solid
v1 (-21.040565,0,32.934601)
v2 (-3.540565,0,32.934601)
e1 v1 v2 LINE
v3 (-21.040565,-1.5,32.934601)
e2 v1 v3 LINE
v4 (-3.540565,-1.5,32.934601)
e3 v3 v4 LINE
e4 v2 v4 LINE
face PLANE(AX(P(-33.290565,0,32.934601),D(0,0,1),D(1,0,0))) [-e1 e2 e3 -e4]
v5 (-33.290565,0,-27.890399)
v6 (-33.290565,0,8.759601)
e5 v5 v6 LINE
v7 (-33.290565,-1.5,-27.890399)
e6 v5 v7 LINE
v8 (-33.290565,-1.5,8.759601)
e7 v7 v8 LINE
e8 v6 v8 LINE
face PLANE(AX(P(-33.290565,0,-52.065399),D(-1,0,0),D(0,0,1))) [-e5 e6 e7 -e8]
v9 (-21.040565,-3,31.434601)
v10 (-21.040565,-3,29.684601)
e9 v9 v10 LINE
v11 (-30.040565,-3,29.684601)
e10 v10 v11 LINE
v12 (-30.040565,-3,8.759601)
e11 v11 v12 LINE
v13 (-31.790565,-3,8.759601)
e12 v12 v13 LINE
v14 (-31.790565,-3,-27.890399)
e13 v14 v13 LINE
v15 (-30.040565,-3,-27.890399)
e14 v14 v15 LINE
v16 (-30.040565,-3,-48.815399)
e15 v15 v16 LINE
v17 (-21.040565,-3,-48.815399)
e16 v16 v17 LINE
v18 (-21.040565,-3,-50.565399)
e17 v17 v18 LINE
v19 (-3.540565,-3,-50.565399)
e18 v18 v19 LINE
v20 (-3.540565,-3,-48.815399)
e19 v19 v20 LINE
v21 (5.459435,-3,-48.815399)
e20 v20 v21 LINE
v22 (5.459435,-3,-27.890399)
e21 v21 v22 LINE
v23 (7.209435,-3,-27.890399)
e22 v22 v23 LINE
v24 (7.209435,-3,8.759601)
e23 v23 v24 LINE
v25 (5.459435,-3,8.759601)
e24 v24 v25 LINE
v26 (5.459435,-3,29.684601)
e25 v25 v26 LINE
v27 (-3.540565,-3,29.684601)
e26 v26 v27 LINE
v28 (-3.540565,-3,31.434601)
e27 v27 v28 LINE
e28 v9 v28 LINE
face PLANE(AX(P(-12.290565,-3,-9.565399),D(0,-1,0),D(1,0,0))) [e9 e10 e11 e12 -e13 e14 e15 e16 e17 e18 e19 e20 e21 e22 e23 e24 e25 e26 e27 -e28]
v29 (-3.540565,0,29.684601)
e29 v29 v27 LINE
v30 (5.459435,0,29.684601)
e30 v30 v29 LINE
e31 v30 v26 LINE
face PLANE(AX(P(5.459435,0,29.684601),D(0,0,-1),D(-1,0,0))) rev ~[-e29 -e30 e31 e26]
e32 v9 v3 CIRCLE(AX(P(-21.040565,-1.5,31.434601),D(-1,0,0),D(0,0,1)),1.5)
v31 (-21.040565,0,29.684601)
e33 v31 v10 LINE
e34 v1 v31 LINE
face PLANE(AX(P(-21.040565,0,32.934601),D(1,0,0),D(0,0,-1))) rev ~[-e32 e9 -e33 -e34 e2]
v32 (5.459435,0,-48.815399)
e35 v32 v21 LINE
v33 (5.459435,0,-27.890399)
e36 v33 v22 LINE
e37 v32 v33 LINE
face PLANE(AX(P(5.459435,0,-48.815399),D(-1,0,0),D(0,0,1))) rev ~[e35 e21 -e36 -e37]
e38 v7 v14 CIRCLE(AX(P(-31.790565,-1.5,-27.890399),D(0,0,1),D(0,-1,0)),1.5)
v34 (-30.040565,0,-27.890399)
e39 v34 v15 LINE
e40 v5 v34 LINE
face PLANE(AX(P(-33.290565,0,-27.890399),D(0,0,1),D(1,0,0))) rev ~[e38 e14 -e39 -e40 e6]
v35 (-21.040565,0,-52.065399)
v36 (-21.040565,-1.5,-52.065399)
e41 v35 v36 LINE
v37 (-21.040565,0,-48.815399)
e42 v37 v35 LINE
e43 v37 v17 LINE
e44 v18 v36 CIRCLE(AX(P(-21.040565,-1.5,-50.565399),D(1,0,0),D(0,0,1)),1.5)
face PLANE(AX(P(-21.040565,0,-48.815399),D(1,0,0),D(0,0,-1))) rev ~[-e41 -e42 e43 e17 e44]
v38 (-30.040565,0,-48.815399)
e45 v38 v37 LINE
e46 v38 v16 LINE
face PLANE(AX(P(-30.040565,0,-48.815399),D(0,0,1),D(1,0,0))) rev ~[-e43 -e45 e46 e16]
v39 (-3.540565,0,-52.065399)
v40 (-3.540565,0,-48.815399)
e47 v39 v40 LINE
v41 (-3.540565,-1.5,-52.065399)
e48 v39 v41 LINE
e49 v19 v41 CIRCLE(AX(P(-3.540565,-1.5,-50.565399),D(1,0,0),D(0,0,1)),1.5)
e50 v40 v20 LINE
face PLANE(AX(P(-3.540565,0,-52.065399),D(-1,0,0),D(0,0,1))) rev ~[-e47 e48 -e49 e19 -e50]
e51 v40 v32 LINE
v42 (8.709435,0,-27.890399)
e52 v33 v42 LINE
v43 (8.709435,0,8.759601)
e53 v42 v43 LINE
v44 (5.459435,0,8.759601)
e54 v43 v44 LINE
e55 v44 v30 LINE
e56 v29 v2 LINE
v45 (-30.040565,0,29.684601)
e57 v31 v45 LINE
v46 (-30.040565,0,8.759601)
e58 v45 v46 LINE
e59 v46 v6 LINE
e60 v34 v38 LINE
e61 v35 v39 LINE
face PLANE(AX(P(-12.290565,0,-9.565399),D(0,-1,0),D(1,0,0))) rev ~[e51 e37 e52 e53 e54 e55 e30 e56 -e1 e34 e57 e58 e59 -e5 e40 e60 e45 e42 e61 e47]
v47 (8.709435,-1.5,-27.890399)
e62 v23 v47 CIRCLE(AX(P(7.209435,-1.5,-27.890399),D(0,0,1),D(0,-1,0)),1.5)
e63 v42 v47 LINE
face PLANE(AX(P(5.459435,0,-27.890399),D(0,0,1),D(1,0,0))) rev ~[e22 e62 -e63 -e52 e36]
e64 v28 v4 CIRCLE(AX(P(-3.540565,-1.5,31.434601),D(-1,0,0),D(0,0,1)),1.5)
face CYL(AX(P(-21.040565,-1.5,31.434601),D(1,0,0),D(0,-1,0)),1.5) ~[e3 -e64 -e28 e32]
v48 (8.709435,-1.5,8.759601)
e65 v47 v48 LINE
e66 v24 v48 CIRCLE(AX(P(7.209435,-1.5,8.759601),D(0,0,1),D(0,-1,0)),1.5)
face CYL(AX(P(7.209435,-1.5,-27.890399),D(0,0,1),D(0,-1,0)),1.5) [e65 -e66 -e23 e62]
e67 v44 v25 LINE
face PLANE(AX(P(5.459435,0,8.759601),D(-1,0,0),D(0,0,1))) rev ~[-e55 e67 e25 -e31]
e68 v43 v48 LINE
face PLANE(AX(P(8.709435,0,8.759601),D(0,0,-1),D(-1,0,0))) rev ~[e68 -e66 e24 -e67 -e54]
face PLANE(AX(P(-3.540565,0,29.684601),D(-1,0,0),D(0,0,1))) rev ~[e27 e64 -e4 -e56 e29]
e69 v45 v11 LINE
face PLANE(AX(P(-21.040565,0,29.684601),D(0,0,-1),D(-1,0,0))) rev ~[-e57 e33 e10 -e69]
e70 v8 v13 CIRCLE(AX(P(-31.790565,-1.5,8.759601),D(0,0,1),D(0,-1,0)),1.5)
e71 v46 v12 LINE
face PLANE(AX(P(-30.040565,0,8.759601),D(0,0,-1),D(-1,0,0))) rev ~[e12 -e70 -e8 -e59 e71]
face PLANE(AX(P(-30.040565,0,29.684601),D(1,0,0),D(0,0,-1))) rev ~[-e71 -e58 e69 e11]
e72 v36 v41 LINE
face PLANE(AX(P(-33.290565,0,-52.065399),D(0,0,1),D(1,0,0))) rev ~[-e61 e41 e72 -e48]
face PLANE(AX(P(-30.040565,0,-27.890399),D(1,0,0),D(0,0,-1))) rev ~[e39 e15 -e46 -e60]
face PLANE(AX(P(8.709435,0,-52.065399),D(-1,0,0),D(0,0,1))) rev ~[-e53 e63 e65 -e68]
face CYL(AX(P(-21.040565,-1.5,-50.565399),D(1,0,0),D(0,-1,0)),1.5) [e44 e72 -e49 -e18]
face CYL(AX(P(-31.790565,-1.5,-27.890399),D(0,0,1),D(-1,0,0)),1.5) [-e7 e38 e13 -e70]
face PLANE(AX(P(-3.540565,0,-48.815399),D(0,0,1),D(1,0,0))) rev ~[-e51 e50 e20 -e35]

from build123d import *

# Parameters (mm, degrees)
F0_W     = 42
F0_H     = 85
F1_DEPTH = 3
F2_R     = 3
F4_DEPTH = 3
F5_R     = 1.5


with BuildPart() as f1:
    # F0 (on Front) → F1 (new body)
    with BuildSketch(Plane.XZ):
        with Locations((-12.290565, -9.565399)):
            Rectangle(F0_W, F0_H)
    extrude(amount=F1_DEPTH)

    # F2
    f2_edges = [f1.edges().sort_by_distance(p)[0] for p in [
        (-33.290565, -1.5, 32.934601),
        (8.709435, -1.5, 32.934601),
        (8.709435, -1.5, -52.065399),
        (-33.290565, -1.5, -52.065399),
    ]]
    fillet(f2_edges, radius=F2_R)

    # F3 (on face) → F4 (cut, through all)
    with BuildSketch(Plane(origin=(0, 0, 0), x_dir=(-1, 0, 0), z_dir=(0, 1, 0))):
        with BuildLine():
            Line((-5.459435, 8.759601), (-5.459435, 29.684601))
            Line((-5.459435, 29.684601), (3.540565, 29.684601))
            Line((3.540565, 29.684601), (3.540565, 32.934601))
            Line((3.540565, 32.934601), (-5.709435, 32.934601))
            ThreePointArc((-5.709435, 32.934601), (-7.830755, 32.055922), (-8.709435, 29.934601))
            Line((-8.709435, 29.934601), (-8.709435, 8.759601))
            Line((-8.709435, 8.759601), (-5.459435, 8.759601))
        make_face()
        with BuildLine():
            Line((21.040565, 32.934601), (21.040565, 29.684601))
            Line((21.040565, 29.684601), (30.040565, 29.684601))
            Line((30.040565, 29.684601), (30.040565, 8.759601))
            Line((30.040565, 8.759601), (33.290565, 8.759601))
            Line((33.290565, 8.759601), (33.290565, 29.934601))
            ThreePointArc((33.290565, 29.934601), (32.411885, 32.055922), (30.290565, 32.934601))
            Line((30.290565, 32.934601), (21.040565, 32.934601))
        make_face()
        with BuildLine():
            Line((33.290565, -27.890399), (30.040565, -27.890399))
            Line((30.040565, -27.890399), (30.040565, -48.815399))
            Line((30.040565, -48.815399), (21.040565, -48.815399))
            Line((21.040565, -48.815399), (21.040565, -52.065399))
            Line((21.040565, -52.065399), (30.290565, -52.065399))
            ThreePointArc((30.290565, -52.065399), (32.411885, -51.186719), (33.290565, -49.065399))
            Line((33.290565, -49.065399), (33.290565, -27.890399))
        make_face()
        with BuildLine():
            Line((-5.459435, -48.815399), (-5.459435, -27.890399))
            Line((-5.459435, -27.890399), (-8.709435, -27.890399))
            Line((-8.709435, -27.890399), (-8.709435, -49.065399))
            ThreePointArc((-8.709435, -49.065399), (-7.830755, -51.186719), (-5.709435, -52.065399))
            Line((-5.709435, -52.065399), (3.540565, -52.065399))
            Line((3.540565, -52.065399), (3.540565, -48.815399))
            Line((3.540565, -48.815399), (-5.459435, -48.815399))
        make_face()
    extrude(amount=-F4_DEPTH, mode=Mode.SUBTRACT)

    # F5
    f5_edges = [f1.edges().sort_by_distance(p)[0] for p in [
        (-12.290565, -3, 32.934601),
        (8.709435, -3, -9.565399),
        (-12.290565, -3, -52.065399),
        (-33.290565, -3, -9.565399),
    ]]
    fillet(f5_edges, radius=F5_R)


solid = f1.part
